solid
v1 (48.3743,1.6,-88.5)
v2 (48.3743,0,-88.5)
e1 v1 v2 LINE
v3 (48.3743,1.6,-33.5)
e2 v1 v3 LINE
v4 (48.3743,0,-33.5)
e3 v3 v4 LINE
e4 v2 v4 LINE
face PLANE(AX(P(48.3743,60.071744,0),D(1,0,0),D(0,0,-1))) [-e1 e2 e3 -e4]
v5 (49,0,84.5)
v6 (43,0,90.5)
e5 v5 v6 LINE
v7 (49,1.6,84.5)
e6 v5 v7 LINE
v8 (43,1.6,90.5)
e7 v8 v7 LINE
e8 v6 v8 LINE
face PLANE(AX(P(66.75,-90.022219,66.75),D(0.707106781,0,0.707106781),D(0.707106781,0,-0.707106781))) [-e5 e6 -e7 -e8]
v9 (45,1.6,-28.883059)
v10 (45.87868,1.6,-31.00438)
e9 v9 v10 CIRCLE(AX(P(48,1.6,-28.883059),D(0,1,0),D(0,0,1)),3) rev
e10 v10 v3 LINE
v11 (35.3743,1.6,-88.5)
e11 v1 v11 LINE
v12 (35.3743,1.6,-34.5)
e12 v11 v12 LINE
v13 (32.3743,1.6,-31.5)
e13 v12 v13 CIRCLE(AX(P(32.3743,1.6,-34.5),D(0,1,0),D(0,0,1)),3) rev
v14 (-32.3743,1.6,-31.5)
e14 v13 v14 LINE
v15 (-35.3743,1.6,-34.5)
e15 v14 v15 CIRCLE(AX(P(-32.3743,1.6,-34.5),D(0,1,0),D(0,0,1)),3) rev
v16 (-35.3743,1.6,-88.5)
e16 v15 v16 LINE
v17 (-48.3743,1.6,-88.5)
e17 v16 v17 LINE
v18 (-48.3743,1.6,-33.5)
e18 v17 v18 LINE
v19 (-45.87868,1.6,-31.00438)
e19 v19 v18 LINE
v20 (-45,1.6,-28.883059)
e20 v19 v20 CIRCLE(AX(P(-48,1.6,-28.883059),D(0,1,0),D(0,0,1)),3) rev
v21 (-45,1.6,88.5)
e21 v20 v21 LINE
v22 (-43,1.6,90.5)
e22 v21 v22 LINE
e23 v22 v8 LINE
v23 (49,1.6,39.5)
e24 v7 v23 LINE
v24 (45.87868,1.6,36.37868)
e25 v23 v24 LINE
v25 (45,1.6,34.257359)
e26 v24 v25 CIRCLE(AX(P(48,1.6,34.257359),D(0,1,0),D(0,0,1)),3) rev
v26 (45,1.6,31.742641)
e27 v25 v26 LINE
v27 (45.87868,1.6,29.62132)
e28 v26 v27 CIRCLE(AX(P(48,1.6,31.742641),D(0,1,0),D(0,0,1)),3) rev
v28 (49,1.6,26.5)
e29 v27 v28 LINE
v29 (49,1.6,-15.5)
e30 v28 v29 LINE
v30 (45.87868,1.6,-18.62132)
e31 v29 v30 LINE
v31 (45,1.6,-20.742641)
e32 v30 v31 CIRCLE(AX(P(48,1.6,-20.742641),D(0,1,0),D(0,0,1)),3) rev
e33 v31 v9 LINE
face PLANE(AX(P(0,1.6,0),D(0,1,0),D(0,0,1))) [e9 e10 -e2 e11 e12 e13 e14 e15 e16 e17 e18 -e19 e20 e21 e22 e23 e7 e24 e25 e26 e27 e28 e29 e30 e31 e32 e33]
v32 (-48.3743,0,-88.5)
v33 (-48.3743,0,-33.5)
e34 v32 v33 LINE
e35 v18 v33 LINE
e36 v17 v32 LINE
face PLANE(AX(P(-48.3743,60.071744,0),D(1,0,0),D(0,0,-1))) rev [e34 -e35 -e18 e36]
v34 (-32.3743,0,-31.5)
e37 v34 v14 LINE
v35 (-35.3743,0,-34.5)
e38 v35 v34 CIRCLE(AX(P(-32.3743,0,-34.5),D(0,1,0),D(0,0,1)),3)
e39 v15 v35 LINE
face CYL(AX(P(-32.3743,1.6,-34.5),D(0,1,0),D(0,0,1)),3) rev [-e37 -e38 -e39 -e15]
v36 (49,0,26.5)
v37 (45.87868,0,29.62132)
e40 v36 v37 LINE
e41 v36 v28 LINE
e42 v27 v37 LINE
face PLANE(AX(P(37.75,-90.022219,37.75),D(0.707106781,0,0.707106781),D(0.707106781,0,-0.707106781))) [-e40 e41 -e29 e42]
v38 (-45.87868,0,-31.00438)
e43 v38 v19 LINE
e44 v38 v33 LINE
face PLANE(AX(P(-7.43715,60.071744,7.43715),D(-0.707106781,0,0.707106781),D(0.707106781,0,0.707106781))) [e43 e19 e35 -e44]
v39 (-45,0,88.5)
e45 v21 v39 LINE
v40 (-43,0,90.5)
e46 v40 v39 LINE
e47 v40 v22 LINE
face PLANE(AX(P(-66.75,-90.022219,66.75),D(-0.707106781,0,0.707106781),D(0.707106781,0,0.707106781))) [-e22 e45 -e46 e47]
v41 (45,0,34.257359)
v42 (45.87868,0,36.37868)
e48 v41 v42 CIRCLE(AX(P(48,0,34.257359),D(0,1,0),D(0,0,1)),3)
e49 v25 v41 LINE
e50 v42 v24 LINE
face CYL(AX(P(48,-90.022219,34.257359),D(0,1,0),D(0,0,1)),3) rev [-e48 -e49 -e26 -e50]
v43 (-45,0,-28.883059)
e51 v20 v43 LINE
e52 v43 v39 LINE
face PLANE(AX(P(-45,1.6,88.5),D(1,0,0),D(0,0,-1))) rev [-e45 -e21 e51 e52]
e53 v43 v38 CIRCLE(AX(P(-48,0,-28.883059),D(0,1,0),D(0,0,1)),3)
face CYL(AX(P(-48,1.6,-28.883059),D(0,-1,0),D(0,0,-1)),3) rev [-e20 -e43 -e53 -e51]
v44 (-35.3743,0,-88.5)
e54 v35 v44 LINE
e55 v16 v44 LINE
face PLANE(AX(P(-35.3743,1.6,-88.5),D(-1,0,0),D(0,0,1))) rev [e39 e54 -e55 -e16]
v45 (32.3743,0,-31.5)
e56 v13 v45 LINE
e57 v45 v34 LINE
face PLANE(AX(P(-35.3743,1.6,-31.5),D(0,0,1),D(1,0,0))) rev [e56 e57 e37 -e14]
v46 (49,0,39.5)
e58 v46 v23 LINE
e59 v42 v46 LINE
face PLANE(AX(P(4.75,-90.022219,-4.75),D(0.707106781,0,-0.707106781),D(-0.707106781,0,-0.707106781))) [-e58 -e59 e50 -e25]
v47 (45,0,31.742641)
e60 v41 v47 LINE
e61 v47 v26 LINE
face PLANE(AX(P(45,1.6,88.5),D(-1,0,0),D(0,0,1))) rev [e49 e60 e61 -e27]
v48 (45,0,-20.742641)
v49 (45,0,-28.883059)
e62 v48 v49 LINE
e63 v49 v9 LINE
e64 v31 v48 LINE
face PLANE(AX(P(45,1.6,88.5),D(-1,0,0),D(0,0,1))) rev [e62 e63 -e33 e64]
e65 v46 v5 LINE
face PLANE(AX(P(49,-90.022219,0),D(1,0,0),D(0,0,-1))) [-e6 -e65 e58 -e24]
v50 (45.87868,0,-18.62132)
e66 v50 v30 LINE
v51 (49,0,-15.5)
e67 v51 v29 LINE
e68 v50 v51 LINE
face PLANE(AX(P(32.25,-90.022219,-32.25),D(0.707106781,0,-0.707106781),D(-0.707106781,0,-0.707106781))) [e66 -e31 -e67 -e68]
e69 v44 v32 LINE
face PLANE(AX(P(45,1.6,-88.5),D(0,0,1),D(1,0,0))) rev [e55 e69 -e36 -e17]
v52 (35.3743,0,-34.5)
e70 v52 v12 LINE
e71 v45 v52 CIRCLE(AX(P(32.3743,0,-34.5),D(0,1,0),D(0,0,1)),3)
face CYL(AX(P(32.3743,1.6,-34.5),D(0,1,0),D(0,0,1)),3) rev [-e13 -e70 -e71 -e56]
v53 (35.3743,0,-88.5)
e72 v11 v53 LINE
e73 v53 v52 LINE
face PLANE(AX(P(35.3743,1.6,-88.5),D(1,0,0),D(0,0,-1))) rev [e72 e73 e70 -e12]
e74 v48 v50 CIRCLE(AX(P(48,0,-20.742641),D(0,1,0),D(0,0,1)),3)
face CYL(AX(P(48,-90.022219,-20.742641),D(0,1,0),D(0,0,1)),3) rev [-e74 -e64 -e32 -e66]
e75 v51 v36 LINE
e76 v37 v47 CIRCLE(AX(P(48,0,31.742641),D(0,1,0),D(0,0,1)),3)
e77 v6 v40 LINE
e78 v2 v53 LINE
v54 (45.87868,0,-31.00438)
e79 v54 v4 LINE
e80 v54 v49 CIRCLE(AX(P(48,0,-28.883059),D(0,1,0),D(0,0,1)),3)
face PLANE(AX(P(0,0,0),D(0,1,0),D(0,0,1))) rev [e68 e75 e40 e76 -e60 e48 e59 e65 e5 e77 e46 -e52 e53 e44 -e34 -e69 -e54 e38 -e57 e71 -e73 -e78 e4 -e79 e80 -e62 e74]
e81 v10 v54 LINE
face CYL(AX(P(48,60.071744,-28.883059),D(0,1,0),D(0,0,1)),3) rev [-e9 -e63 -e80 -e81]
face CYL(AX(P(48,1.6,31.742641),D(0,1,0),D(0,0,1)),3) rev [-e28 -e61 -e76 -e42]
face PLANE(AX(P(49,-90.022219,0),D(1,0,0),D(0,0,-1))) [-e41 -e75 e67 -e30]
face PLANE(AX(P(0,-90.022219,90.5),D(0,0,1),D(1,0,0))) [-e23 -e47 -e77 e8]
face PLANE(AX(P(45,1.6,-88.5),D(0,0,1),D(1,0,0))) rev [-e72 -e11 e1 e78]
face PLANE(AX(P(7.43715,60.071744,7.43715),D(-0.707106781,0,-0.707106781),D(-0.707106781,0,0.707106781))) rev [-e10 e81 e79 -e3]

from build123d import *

# Parameters (mm, degrees)
SKETCH1_W           = 90
SKETCH1_H           = 177
BOSS_EXTRUDE1_DEPTH = 1.6
BOSS_EXTRUDE4_DEPTH = 1.6
BOSS_EXTRUDE5_DEPTH = 1.6
SKETCH9_W           = 70.7486
SKETCH9_H           = 57
CUT_EXTRUDE3_DEPTH  = 2.6
FILLET1_R           = 3


with BuildPart() as part:
    # Sketch1 → Boss-Extrude1 (new body)
    with BuildSketch(Plane(origin=(0, 0, 0), x_dir=(1, 0, 0), z_dir=(0, 1, 0))):
        Rectangle(SKETCH1_W, SKETCH1_H)
    extrude(amount=BOSS_EXTRUDE1_DEPTH)

    # Sketch7 → Boss-Extrude4 (add)
    with BuildSketch(Plane.XZ):
        Polygon((-45, -88.5), (-45, -30.1257), (-48.3743, -33.5), (-48.3743, -88.5), align=None)
        Polygon((45, -30.1257), (45, -88.5), (48.3743, -88.5), (48.3743, -33.5), align=None)
    extrude(amount=-BOSS_EXTRUDE4_DEPTH)

    # Sketch w → Boss-Extrude5 (add)
    with BuildSketch(Plane(origin=(0, 1.6, 0), x_dir=(1, 0, 0), z_dir=(0, 1, 0))):
        Polygon((-43, -90.5), (43, -90.5), (45, -88.5), (-45, -88.5), align=None)
        Polygon((45, -35.5), (45, -88.5), (49, -84.5), (49, -39.5), align=None)
        Polygon((45, 19.5), (45, -30.5), (49, -26.5), (49, 15.5), align=None)
    extrude(amount=-BOSS_EXTRUDE5_DEPTH)

    # Sketch9 → Cut-Extrude3 (cut, through all)
    with BuildSketch(Plane.XZ):
        with Locations((0, -60)):
            Rectangle(SKETCH9_W, SKETCH9_H)
    extrude(amount=-CUT_EXTRUDE3_DEPTH, mode=Mode.SUBTRACT)

    # Fillet1
    fillet1_edges = [part.edges().sort_by_distance(p)[0] for p in [
        (-45, 0.8, -30.1257),
        (45, 0.8, -30.1257),
        (45, 0.8, 35.5),
        (45, 0.8, 30.5),
        (45, 0.8, -19.5),
        (-35.3743, 0.8, -31.5),
        (35.3743, 0.8, -31.5),
    ]]
    fillet(fillet1_edges, radius=FILLET1_R)


solid = part.part
